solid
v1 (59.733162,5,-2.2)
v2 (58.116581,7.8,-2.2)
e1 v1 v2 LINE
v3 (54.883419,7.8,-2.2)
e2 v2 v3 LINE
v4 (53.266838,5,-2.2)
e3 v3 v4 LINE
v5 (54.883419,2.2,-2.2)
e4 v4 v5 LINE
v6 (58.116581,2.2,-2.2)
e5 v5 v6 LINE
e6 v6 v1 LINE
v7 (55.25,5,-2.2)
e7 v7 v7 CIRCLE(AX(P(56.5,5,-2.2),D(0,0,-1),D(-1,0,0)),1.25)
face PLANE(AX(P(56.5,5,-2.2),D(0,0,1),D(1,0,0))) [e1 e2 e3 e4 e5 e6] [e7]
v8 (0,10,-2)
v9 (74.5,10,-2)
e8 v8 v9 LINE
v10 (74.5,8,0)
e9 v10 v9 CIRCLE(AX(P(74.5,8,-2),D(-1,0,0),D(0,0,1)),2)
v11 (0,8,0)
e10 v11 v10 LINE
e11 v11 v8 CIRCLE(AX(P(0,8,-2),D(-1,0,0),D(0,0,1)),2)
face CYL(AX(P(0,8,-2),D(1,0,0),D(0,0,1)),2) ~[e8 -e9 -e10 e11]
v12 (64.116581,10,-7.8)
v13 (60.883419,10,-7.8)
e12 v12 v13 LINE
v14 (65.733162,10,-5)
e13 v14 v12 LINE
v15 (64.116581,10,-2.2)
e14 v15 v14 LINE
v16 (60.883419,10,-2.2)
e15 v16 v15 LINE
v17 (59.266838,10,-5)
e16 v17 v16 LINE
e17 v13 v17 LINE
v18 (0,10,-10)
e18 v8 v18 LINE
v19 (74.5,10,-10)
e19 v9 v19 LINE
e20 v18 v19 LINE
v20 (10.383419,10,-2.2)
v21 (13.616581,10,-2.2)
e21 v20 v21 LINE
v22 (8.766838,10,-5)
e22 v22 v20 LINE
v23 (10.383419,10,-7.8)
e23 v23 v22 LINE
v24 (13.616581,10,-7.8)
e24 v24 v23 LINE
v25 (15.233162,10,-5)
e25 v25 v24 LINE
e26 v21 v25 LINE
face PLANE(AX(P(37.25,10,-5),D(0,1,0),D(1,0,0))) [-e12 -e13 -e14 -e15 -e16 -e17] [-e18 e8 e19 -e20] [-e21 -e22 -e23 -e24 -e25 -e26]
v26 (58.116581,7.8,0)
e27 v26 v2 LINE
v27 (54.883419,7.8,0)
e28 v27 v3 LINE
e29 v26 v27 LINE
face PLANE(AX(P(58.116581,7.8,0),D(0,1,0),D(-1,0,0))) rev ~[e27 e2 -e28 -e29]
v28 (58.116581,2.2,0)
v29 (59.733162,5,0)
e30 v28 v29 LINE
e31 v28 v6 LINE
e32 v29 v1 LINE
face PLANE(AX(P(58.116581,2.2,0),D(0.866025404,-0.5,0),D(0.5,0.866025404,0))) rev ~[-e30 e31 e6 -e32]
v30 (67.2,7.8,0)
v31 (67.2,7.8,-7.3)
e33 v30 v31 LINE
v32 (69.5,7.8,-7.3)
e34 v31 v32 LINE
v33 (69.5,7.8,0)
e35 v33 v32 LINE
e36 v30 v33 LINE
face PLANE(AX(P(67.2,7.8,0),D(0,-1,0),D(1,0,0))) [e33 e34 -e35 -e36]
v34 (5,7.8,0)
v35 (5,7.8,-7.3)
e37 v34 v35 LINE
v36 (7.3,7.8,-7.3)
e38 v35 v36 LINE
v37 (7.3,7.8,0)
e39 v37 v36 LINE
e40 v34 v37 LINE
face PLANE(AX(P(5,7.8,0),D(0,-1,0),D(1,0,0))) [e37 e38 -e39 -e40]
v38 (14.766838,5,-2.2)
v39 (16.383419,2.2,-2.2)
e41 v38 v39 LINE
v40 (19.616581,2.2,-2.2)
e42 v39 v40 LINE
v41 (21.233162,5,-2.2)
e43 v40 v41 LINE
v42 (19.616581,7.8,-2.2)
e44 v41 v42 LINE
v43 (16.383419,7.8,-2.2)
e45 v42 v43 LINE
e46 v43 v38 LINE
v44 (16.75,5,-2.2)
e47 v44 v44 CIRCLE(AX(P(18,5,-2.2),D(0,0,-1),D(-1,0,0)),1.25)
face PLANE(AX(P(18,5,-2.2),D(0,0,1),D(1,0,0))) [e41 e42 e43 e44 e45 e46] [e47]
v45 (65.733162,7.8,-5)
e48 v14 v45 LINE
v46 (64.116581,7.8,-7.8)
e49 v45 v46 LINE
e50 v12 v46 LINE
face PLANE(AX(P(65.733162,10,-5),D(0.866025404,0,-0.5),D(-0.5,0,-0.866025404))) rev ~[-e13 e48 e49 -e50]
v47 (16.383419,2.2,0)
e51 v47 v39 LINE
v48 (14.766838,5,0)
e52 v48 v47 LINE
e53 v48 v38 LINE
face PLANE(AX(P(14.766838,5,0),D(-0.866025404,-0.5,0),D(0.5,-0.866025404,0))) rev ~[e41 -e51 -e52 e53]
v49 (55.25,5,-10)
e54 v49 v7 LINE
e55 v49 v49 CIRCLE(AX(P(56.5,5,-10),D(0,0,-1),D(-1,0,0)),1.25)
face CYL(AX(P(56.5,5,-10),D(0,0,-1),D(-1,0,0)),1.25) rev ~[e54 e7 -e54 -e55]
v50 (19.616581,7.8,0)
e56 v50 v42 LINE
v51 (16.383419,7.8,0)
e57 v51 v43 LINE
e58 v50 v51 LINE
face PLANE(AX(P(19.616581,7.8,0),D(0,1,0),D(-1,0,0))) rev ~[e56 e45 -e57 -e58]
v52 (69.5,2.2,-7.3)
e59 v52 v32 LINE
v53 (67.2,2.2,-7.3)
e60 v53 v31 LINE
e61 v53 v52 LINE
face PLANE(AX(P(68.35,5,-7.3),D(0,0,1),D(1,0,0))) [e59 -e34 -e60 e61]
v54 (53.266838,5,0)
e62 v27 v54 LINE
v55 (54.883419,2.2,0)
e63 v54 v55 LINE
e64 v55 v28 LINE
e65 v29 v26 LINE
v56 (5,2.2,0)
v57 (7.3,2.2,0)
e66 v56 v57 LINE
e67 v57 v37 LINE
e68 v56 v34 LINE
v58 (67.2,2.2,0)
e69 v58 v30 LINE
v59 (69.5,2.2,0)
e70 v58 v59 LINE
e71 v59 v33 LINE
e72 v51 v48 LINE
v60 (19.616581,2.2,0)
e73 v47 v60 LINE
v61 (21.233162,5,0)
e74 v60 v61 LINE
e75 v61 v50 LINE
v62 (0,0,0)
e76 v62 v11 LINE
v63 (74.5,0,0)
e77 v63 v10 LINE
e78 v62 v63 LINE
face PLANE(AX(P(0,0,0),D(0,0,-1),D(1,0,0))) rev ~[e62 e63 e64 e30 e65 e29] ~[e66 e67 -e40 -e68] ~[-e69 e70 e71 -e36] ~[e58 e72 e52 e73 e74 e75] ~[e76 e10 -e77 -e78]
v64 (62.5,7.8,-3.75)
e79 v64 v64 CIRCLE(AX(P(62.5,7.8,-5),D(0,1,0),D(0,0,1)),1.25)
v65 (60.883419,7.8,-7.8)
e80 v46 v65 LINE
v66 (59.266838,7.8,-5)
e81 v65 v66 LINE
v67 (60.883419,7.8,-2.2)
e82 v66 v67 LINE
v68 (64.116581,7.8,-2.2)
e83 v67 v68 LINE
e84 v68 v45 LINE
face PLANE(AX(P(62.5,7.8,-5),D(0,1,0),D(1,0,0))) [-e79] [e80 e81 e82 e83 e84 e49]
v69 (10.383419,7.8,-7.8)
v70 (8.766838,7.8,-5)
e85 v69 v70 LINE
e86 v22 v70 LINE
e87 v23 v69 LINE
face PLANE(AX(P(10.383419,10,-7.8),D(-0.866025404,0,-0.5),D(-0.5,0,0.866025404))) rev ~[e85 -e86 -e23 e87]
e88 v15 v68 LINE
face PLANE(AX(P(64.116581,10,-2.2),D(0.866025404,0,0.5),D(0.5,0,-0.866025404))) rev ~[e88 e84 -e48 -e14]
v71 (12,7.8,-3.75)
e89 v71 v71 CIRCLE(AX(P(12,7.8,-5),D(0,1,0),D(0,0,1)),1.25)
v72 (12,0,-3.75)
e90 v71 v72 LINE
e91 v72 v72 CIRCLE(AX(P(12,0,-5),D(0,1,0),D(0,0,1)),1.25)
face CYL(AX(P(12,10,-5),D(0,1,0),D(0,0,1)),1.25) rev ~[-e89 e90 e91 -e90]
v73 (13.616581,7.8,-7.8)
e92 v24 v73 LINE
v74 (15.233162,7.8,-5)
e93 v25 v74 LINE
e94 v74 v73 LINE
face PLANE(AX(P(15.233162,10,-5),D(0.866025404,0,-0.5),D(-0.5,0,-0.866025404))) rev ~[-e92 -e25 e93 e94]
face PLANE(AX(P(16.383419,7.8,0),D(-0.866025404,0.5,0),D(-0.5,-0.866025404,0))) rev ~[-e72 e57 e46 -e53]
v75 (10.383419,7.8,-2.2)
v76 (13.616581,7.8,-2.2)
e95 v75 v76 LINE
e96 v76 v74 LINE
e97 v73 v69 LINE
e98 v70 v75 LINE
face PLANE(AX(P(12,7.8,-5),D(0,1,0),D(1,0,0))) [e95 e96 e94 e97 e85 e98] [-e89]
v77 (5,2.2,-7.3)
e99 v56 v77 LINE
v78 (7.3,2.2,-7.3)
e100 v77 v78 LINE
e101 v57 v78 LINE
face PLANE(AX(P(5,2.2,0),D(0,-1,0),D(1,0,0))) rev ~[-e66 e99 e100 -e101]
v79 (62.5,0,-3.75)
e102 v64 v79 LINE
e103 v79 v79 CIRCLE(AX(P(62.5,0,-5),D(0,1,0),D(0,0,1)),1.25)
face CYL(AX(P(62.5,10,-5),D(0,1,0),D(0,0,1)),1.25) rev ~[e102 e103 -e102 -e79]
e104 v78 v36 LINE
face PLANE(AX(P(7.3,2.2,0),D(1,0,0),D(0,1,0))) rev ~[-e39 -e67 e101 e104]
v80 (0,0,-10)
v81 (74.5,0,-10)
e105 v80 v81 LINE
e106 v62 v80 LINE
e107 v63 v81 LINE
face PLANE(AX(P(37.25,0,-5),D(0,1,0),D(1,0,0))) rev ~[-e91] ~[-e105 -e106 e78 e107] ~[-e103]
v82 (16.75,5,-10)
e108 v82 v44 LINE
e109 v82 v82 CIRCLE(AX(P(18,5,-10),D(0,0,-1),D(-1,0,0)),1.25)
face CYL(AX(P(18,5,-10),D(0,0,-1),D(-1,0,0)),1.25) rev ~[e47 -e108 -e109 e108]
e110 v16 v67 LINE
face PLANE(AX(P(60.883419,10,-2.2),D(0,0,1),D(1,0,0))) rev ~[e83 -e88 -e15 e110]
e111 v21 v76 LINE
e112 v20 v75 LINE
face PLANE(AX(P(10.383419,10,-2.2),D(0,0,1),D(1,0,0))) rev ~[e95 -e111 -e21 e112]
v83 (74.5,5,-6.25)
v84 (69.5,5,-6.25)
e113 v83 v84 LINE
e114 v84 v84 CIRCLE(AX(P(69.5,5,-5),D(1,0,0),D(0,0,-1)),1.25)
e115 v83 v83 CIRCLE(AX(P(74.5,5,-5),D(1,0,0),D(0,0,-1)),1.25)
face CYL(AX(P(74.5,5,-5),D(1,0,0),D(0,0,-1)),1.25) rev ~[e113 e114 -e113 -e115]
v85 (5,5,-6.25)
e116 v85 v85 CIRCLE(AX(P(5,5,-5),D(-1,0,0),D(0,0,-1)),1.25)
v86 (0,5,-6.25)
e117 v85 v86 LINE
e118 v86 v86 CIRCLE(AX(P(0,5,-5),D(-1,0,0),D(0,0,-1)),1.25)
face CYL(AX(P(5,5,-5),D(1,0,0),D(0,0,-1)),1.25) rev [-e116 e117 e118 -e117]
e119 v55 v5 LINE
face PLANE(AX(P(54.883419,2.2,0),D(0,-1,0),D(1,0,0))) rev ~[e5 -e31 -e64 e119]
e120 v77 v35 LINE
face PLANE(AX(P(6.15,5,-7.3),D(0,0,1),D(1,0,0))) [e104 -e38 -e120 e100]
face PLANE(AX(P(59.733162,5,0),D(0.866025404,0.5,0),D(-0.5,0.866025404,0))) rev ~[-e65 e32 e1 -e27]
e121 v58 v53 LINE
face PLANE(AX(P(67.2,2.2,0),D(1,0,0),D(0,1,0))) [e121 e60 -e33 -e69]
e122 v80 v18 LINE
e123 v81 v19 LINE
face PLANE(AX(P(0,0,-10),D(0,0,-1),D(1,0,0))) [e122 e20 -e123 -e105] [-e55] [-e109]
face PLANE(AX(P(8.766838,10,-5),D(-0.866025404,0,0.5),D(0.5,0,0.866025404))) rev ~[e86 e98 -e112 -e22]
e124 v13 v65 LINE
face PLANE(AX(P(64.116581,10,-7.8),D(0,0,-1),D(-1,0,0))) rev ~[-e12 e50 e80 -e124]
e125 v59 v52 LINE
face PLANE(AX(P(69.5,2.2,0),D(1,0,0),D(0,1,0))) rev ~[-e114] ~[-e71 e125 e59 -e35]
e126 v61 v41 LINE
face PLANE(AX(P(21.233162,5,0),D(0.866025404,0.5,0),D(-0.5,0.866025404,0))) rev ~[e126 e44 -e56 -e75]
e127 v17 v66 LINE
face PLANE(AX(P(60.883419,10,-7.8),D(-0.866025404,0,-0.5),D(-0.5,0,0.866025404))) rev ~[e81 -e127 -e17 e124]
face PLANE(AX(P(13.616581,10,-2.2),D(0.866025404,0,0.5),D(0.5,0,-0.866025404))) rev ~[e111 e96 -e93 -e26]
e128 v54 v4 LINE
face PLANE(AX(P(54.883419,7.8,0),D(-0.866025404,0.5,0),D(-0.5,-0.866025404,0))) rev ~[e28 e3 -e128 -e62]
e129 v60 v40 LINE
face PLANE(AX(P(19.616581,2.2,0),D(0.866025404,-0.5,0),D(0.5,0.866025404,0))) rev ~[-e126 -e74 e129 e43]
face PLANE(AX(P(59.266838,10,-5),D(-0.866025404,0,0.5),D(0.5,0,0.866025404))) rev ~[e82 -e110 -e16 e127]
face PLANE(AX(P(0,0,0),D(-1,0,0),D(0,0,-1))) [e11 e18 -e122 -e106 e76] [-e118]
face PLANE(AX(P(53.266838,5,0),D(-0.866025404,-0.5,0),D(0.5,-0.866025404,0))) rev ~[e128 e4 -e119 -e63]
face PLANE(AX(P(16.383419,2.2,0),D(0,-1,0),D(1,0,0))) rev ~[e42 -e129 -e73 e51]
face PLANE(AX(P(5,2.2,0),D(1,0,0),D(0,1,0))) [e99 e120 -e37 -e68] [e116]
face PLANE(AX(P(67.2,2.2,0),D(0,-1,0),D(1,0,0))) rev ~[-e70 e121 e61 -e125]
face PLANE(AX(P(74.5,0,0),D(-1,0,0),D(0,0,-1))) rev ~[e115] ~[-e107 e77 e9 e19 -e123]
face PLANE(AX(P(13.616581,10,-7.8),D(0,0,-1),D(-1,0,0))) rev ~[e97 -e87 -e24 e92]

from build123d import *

# Parameters (mm, degrees)
SKETCH1_W           = 74.5
SKETCH1_H           = 10
BOSS_EXTRUDE1_DEPTH = 10
SKETCH2_R           = 1.25
CUT_EXTRUDE1_DEPTH  = 10
SKETCH3_R           = 1.25
CUT_EXTRUDE2_DEPTH  = 10
SKETCH4_R           = 1.25
CUT_EXTRUDE3_DEPTH  = 5
CUT_EXTRUDE4_START  = -5
SKETCH5_R           = 1.25
CUT_EXTRUDE4_DEPTH  = 5
CUT_EXTRUDE5_DEPTH  = 2.2
CUT_EXTRUDE6_DEPTH  = 2.2
CUT_EXTRUDE7_DEPTH  = 2.2
CUT_EXTRUDE8_DEPTH  = 2.2
SKETCH11_W          = 2.3
SKETCH11_H          = 5.6
CUT_EXTRUDE9_DEPTH  = 7.3
FILLET1_R           = 2


with BuildPart() as part:
    # Sketch1 → Boss-Extrude1 (new body)
    with BuildSketch(Plane(origin=(0, 0, 0), x_dir=(1, 0, 0), z_dir=(0, 1, 0))):
        with Locations((37.25, 5)):
            Rectangle(SKETCH1_W, SKETCH1_H)
    extrude(amount=BOSS_EXTRUDE1_DEPTH)

    # Sketch2 → Cut-Extrude1 (cut)
    with BuildSketch(Plane(origin=(0, 10, 0), x_dir=(1, 0, 0), z_dir=(0, 1, 0))):
        with Locations(Location((12, 5, 0), (0, 0, 270))):
            Circle(SKETCH2_R)
        with Locations(Location((62.5, 5, 0), (0, 0, 270))):
            Circle(SKETCH2_R)
    extrude(amount=-CUT_EXTRUDE1_DEPTH, mode=Mode.SUBTRACT)

    # Sketch3 → Cut-Extrude2 (cut)
    with BuildSketch(Plane(origin=(0, 0, -10), x_dir=(-1, 0, 0), z_dir=(0, 0, -1))):
        with Locations((-56.5, 5)):
            Circle(SKETCH3_R)
        with Locations((-18, 5)):
            Circle(SKETCH3_R)
    extrude(amount=-CUT_EXTRUDE2_DEPTH, mode=Mode.SUBTRACT)

    # Sketch4 → Cut-Extrude3 (cut)
    with BuildSketch(Plane(origin=(74.5, 0, 0), x_dir=(0, 0, -1), z_dir=(1, 0, 0))):
        with Locations((5, 5)):
            Circle(SKETCH4_R)
    extrude(amount=-CUT_EXTRUDE3_DEPTH, mode=Mode.SUBTRACT)

    # Sketch5 → Cut-Extrude4 (cut)
    with BuildSketch(Plane.ZY.offset(CUT_EXTRUDE4_START)):
        with Locations(Location((-5, 5, 0), (0, 0, 180))):
            Circle(SKETCH5_R)
    extrude(amount=CUT_EXTRUDE4_DEPTH, mode=Mode.SUBTRACT)

    # Sketch6 → Cut-Extrude5 (cut)
    with BuildSketch(Plane(origin=(0, 10, 0), x_dir=(1, 0, 0), z_dir=(0, 1, 0))):
        Polygon((13.616580754, 2.2), (15.233161507, 5), (13.616580754, 7.8), (10.383419246, 7.8), (8.766838493, 5), (10.383419246, 2.2), align=None)
    extrude(amount=-CUT_EXTRUDE5_DEPTH, mode=Mode.SUBTRACT)

    # Sketch7 → Cut-Extrude6 (cut)
    with BuildSketch(Plane(origin=(0, 10, 0), x_dir=(1, 0, 0), z_dir=(0, 1, 0))):
        Polygon((60.883419246, 7.8), (59.266838493, 5), (60.883419246, 2.2), (64.116580754, 2.2), (65.733161507, 5), (64.116580754, 7.8), align=None)
    extrude(amount=-CUT_EXTRUDE6_DEPTH, mode=Mode.SUBTRACT)

    # Sketch8 → Cut-Extrude7 (cut)
    with BuildSketch(Plane.XY):
        Polygon((16.383419246, 2.2), (19.616580754, 2.2), (21.233161507, 5), (19.616580754, 7.8), (16.383419246, 7.8), (14.766838493, 5), align=None)
    extrude(amount=-CUT_EXTRUDE7_DEPTH, mode=Mode.SUBTRACT)

    # Sketch9 → Cut-Extrude8 (cut)
    with BuildSketch(Plane.XY):
        Polygon((58.116580754, 7.8), (54.883419246, 7.8), (53.266838493, 5), (54.883419246, 2.2), (58.116580754, 2.2), (59.733161507, 5), align=None)
    extrude(amount=-CUT_EXTRUDE8_DEPTH, mode=Mode.SUBTRACT)

    # Sketch11 → Cut-Extrude9 (cut)
    with BuildSketch(Plane.XY):
        with Locations((6.15, 5)):
            Rectangle(SKETCH11_W, SKETCH11_H)
        with Locations((68.35, 5)):
            Rectangle(SKETCH11_W, SKETCH11_H)
    extrude(amount=-CUT_EXTRUDE9_DEPTH, mode=Mode.SUBTRACT)

    # Fillet1
    fillet1_edges = [part.edges().sort_by_distance(p)[0] for p in [
        (37.25, 10, 0),
    ]]
    fillet(fillet1_edges, radius=FILLET1_R)


solid = part.part
